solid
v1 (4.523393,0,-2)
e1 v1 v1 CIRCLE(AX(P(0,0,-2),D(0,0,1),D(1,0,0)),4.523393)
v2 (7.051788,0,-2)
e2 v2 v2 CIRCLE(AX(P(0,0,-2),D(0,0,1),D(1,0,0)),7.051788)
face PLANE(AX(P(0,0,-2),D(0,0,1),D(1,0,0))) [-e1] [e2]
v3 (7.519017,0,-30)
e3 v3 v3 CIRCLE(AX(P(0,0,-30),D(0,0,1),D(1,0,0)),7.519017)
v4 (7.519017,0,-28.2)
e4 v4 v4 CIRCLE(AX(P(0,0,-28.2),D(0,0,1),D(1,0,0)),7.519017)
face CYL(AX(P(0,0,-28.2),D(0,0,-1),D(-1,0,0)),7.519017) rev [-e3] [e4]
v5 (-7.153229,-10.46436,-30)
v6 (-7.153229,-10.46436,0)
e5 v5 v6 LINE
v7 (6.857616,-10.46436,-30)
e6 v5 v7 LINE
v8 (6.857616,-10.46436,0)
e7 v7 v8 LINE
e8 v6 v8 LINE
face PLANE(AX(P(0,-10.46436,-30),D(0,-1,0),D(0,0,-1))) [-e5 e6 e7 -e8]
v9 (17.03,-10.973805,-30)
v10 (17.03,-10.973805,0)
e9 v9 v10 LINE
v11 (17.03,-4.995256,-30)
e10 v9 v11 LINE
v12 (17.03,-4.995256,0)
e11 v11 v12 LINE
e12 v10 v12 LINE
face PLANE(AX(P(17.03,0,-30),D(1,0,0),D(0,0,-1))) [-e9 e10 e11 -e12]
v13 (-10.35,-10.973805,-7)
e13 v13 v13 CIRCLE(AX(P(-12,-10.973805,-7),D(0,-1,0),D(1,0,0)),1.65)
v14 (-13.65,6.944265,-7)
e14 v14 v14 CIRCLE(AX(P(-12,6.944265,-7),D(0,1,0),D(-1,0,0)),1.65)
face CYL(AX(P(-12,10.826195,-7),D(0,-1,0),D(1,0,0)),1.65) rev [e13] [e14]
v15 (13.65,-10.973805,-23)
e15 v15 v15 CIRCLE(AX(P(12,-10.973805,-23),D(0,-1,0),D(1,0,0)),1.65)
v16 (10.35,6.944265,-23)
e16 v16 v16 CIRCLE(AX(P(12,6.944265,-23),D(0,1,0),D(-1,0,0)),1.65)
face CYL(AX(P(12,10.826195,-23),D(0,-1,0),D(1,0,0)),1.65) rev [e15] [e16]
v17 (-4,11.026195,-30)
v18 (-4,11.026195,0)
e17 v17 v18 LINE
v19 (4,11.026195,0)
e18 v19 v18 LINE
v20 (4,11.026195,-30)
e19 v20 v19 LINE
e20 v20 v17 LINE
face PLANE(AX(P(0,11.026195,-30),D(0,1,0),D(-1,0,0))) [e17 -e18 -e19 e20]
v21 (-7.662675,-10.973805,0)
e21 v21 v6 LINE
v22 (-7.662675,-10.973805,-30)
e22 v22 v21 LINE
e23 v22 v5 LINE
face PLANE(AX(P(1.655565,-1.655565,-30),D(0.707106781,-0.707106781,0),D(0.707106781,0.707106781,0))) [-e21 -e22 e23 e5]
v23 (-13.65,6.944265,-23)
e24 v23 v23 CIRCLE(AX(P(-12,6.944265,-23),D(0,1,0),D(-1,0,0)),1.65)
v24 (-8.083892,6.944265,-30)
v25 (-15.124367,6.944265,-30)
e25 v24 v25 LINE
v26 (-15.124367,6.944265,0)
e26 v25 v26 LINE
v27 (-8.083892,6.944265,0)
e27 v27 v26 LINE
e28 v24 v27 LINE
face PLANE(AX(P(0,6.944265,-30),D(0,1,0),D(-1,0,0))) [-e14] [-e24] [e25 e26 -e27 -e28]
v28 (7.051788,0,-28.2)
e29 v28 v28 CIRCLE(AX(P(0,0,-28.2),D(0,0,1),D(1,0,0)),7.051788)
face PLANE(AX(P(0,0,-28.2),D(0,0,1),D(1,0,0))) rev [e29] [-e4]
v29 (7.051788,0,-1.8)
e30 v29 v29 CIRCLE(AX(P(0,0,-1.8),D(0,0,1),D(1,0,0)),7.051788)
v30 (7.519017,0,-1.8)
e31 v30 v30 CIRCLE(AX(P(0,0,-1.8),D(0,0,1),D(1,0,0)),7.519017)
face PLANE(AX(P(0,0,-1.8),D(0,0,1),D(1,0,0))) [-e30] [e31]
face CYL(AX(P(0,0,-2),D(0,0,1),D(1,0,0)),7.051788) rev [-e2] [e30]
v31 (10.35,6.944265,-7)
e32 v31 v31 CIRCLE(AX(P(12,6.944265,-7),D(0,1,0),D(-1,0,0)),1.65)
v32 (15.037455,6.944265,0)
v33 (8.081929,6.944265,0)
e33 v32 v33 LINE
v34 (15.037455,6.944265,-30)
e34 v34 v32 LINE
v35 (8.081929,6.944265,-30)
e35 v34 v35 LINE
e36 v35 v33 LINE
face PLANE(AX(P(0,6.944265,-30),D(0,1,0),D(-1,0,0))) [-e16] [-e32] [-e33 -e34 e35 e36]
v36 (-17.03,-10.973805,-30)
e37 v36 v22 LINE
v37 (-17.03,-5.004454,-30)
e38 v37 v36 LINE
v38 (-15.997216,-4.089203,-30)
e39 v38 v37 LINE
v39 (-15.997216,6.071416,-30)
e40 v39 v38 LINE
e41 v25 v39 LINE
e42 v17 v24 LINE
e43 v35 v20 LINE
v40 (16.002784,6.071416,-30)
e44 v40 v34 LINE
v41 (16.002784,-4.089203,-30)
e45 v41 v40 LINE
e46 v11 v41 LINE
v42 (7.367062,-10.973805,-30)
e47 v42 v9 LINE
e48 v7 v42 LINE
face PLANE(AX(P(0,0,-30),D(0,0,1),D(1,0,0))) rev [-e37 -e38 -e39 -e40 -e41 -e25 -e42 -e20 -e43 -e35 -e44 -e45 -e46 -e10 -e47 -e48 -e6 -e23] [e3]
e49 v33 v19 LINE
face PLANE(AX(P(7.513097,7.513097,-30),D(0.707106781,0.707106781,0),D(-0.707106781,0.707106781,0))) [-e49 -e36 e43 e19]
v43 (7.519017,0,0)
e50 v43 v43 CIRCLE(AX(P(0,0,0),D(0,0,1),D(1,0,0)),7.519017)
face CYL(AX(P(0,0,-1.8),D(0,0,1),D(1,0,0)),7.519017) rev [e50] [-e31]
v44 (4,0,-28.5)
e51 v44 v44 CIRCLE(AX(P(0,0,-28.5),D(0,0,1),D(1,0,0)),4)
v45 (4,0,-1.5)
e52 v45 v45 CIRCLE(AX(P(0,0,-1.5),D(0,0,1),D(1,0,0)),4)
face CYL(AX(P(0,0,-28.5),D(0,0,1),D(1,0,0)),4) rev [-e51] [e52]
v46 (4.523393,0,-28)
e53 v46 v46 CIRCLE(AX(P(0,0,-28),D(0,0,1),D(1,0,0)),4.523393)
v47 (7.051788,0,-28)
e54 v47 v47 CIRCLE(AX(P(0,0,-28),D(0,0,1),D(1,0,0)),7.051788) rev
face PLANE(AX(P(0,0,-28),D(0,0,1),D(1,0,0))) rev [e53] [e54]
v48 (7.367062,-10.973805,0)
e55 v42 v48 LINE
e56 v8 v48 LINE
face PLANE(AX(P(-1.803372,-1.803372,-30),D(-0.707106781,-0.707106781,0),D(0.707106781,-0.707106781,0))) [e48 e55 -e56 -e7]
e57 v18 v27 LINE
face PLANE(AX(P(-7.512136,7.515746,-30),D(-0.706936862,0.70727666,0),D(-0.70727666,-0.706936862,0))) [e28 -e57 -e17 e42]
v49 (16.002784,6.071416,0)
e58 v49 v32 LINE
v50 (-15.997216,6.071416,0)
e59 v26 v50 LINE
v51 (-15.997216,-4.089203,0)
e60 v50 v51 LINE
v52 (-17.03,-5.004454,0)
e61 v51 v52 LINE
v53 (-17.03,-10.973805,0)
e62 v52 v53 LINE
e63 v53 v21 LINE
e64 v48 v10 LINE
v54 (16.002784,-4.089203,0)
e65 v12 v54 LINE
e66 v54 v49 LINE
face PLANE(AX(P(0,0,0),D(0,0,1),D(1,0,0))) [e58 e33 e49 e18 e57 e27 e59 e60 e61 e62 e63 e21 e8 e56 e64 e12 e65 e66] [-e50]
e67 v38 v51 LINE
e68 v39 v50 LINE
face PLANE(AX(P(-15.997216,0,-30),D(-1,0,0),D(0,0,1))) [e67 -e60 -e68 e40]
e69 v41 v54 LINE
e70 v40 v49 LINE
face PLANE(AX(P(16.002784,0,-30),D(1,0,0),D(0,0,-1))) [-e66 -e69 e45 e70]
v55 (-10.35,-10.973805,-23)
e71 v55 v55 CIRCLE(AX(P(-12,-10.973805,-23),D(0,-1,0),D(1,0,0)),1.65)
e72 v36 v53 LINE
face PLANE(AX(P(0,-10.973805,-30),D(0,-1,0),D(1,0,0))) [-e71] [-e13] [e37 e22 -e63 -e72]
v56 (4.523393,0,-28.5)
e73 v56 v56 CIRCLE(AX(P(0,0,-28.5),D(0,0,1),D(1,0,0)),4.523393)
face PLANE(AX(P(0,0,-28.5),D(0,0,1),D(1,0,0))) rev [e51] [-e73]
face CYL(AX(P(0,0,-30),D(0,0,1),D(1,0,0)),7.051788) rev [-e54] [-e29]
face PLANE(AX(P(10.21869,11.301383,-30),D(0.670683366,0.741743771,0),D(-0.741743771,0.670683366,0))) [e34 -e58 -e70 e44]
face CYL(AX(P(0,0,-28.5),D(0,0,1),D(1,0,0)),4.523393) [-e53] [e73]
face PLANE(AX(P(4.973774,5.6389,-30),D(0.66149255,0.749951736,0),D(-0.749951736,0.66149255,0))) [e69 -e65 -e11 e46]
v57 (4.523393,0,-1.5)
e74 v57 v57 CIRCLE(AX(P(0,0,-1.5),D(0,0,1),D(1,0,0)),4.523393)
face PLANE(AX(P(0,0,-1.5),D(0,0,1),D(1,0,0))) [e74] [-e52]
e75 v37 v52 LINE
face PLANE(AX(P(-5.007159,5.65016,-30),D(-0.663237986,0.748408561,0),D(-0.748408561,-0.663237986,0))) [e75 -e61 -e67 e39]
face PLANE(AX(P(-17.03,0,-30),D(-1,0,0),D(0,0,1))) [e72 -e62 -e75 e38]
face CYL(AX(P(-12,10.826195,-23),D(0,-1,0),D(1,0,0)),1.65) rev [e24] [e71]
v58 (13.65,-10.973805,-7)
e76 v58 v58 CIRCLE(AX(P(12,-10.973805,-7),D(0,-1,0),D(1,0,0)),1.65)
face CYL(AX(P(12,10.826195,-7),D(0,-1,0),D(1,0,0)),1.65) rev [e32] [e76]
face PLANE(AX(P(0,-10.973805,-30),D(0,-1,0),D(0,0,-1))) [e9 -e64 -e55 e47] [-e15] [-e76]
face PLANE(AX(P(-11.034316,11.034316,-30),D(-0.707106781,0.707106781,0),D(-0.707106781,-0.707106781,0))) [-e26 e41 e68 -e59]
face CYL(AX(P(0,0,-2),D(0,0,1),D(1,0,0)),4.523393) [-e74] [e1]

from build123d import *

# Parameters (mm, degrees)
ESQUISSE1_R             = 7.519017315
BOSS_EXTRU_1_DEPTH      = 30
ESQUISSE1_3_R           = 7.051788316
ESQUISSE1_3_R_2         = 4.523392982
BOSS_EXTRU_2_DEPTH      = 28
ESQUISSE1_4_R           = 7.519017315
ESQUISSE1_4_R_2         = 7.051788316
BOSS_EXTRU_3_DEPTH      = 30
ESQUISSE1_5_R           = 4.523392982
ESQUISSE1_5_R_2         = 4
BOSS_EXTRU_4_DEPTH      = 28.5
ESQUISSE1_6_R           = 4.523392982
ESQUISSE1_6_R_2         = 4
ENL_V_MAT_EXTRU_1_DEPTH = 1.5
ESQUISSE1_7_R           = 7.051788316
ESQUISSE1_7_R_2         = 4.523392982
ENL_V_MAT_EXTRU_2_DEPTH = 2
ESQUISSE1_8_R           = 7.519017315
ESQUISSE1_8_R_2         = 7.051788316
ENL_V_MAT_EXTRU_3_DEPTH = 1.8
ENL_V_START             = -30
ESQUISSE1_9_R           = 7.519017315
ESQUISSE1_9_R_2         = 7.051788316
ENL_V_MAT_EXTRU_4_DEPTH = 1.8
ESQUISSE2_R             = 1.65
ENL_V_MAT_EXTRU_5_DEPTH = 21.8


with BuildPart() as part:
    # Esquisse1 → Boss.-Extru.1 (new body)
    with BuildSketch(Plane.XY):
        Polygon((-15.997216081, -4.089203195), (-17.03, -5.004453984), (-17.03, -10.973805396), (-7.66267479, -10.973805396), (-7.153229177, -10.464359784), (6.857616233, -10.464359784), (7.367061846, -10.973805396), (17.03, -10.973805396), (17.03, -4.995255883), (16.002783919, -4.089203195), (16.002783919, 6.07141612), (15.037454618, 6.944265115), (8.081929489, 6.944265115), (4, 11.026194604), (-4, 11.026194604), (-8.083891517, 6.944265115), (-15.124367087, 6.944265115), (-15.997216081, 6.07141612), align=None)
        Circle(ESQUISSE1_R, mode=Mode.SUBTRACT)
    extrude(amount=-BOSS_EXTRU_1_DEPTH)



with BuildPart() as body_2:
    # Esquisse1_3 → Boss.-Extru.2 (new body)
    with BuildSketch(Plane.XY):
        Circle(ESQUISSE1_3_R)
        Circle(ESQUISSE1_3_R_2, mode=Mode.SUBTRACT)
    extrude(amount=-BOSS_EXTRU_2_DEPTH)


with BuildPart() as part_1:
    add(part.part)

    add(body_2.part)  # Boss.-Extru.3 merges body 2
    # Esquisse1_4 → Boss.-Extru.3 (add)
    with BuildSketch(Plane.XY):
        Circle(ESQUISSE1_4_R)
        Circle(ESQUISSE1_4_R_2, mode=Mode.SUBTRACT)
    extrude(amount=-BOSS_EXTRU_3_DEPTH)

    # Esquisse1_5 → Boss.-Extru.4 (add)
    with BuildSketch(Plane.XY):
        Circle(ESQUISSE1_5_R)
        Circle(ESQUISSE1_5_R_2, mode=Mode.SUBTRACT)
    extrude(amount=-BOSS_EXTRU_4_DEPTH)

    # Esquisse1_6 → Enl_v. mat.-Extru.1 (cut)
    with BuildSketch(Plane.XY):
        Circle(ESQUISSE1_6_R)
        Circle(ESQUISSE1_6_R_2, mode=Mode.SUBTRACT)
    extrude(amount=-ENL_V_MAT_EXTRU_1_DEPTH, mode=Mode.SUBTRACT)

    # Esquisse1_7 → Enl_v. mat.-Extru.2 (cut)
    with BuildSketch(Plane.XY):
        Circle(ESQUISSE1_7_R)
        Circle(ESQUISSE1_7_R_2, mode=Mode.SUBTRACT)
    extrude(amount=-ENL_V_MAT_EXTRU_2_DEPTH, mode=Mode.SUBTRACT)

    # Esquisse1_8 → Enl_v. mat.-Extru.3 (cut)
    with BuildSketch(Plane.XY):
        Circle(ESQUISSE1_8_R)
        Circle(ESQUISSE1_8_R_2, mode=Mode.SUBTRACT)
    extrude(amount=-ENL_V_MAT_EXTRU_3_DEPTH, mode=Mode.SUBTRACT)

    # Esquisse1_9 → Enl_v. mat.-Extru.4 (cut)
    with BuildSketch(Plane.XY.offset(ENL_V_START)):
        Circle(ESQUISSE1_9_R)
        Circle(ESQUISSE1_9_R_2, mode=Mode.SUBTRACT)
    extrude(amount=ENL_V_MAT_EXTRU_4_DEPTH, mode=Mode.SUBTRACT)

    # Esquisse2 → Enl_v. mat.-Extru.5 (cut)
    with BuildSketch(Plane.XZ.offset(10.973805396)):
        with Locations((-12, -7)):
            Circle(ESQUISSE2_R)
        with Locations((12, -7)):
            Circle(ESQUISSE2_R)
        with Locations((12, -23)):
            Circle(ESQUISSE2_R)
        with Locations((-12, -23)):
            Circle(ESQUISSE2_R)
    extrude(amount=-ENL_V_MAT_EXTRU_5_DEPTH, mode=Mode.SUBTRACT)


solid = part_1.part
